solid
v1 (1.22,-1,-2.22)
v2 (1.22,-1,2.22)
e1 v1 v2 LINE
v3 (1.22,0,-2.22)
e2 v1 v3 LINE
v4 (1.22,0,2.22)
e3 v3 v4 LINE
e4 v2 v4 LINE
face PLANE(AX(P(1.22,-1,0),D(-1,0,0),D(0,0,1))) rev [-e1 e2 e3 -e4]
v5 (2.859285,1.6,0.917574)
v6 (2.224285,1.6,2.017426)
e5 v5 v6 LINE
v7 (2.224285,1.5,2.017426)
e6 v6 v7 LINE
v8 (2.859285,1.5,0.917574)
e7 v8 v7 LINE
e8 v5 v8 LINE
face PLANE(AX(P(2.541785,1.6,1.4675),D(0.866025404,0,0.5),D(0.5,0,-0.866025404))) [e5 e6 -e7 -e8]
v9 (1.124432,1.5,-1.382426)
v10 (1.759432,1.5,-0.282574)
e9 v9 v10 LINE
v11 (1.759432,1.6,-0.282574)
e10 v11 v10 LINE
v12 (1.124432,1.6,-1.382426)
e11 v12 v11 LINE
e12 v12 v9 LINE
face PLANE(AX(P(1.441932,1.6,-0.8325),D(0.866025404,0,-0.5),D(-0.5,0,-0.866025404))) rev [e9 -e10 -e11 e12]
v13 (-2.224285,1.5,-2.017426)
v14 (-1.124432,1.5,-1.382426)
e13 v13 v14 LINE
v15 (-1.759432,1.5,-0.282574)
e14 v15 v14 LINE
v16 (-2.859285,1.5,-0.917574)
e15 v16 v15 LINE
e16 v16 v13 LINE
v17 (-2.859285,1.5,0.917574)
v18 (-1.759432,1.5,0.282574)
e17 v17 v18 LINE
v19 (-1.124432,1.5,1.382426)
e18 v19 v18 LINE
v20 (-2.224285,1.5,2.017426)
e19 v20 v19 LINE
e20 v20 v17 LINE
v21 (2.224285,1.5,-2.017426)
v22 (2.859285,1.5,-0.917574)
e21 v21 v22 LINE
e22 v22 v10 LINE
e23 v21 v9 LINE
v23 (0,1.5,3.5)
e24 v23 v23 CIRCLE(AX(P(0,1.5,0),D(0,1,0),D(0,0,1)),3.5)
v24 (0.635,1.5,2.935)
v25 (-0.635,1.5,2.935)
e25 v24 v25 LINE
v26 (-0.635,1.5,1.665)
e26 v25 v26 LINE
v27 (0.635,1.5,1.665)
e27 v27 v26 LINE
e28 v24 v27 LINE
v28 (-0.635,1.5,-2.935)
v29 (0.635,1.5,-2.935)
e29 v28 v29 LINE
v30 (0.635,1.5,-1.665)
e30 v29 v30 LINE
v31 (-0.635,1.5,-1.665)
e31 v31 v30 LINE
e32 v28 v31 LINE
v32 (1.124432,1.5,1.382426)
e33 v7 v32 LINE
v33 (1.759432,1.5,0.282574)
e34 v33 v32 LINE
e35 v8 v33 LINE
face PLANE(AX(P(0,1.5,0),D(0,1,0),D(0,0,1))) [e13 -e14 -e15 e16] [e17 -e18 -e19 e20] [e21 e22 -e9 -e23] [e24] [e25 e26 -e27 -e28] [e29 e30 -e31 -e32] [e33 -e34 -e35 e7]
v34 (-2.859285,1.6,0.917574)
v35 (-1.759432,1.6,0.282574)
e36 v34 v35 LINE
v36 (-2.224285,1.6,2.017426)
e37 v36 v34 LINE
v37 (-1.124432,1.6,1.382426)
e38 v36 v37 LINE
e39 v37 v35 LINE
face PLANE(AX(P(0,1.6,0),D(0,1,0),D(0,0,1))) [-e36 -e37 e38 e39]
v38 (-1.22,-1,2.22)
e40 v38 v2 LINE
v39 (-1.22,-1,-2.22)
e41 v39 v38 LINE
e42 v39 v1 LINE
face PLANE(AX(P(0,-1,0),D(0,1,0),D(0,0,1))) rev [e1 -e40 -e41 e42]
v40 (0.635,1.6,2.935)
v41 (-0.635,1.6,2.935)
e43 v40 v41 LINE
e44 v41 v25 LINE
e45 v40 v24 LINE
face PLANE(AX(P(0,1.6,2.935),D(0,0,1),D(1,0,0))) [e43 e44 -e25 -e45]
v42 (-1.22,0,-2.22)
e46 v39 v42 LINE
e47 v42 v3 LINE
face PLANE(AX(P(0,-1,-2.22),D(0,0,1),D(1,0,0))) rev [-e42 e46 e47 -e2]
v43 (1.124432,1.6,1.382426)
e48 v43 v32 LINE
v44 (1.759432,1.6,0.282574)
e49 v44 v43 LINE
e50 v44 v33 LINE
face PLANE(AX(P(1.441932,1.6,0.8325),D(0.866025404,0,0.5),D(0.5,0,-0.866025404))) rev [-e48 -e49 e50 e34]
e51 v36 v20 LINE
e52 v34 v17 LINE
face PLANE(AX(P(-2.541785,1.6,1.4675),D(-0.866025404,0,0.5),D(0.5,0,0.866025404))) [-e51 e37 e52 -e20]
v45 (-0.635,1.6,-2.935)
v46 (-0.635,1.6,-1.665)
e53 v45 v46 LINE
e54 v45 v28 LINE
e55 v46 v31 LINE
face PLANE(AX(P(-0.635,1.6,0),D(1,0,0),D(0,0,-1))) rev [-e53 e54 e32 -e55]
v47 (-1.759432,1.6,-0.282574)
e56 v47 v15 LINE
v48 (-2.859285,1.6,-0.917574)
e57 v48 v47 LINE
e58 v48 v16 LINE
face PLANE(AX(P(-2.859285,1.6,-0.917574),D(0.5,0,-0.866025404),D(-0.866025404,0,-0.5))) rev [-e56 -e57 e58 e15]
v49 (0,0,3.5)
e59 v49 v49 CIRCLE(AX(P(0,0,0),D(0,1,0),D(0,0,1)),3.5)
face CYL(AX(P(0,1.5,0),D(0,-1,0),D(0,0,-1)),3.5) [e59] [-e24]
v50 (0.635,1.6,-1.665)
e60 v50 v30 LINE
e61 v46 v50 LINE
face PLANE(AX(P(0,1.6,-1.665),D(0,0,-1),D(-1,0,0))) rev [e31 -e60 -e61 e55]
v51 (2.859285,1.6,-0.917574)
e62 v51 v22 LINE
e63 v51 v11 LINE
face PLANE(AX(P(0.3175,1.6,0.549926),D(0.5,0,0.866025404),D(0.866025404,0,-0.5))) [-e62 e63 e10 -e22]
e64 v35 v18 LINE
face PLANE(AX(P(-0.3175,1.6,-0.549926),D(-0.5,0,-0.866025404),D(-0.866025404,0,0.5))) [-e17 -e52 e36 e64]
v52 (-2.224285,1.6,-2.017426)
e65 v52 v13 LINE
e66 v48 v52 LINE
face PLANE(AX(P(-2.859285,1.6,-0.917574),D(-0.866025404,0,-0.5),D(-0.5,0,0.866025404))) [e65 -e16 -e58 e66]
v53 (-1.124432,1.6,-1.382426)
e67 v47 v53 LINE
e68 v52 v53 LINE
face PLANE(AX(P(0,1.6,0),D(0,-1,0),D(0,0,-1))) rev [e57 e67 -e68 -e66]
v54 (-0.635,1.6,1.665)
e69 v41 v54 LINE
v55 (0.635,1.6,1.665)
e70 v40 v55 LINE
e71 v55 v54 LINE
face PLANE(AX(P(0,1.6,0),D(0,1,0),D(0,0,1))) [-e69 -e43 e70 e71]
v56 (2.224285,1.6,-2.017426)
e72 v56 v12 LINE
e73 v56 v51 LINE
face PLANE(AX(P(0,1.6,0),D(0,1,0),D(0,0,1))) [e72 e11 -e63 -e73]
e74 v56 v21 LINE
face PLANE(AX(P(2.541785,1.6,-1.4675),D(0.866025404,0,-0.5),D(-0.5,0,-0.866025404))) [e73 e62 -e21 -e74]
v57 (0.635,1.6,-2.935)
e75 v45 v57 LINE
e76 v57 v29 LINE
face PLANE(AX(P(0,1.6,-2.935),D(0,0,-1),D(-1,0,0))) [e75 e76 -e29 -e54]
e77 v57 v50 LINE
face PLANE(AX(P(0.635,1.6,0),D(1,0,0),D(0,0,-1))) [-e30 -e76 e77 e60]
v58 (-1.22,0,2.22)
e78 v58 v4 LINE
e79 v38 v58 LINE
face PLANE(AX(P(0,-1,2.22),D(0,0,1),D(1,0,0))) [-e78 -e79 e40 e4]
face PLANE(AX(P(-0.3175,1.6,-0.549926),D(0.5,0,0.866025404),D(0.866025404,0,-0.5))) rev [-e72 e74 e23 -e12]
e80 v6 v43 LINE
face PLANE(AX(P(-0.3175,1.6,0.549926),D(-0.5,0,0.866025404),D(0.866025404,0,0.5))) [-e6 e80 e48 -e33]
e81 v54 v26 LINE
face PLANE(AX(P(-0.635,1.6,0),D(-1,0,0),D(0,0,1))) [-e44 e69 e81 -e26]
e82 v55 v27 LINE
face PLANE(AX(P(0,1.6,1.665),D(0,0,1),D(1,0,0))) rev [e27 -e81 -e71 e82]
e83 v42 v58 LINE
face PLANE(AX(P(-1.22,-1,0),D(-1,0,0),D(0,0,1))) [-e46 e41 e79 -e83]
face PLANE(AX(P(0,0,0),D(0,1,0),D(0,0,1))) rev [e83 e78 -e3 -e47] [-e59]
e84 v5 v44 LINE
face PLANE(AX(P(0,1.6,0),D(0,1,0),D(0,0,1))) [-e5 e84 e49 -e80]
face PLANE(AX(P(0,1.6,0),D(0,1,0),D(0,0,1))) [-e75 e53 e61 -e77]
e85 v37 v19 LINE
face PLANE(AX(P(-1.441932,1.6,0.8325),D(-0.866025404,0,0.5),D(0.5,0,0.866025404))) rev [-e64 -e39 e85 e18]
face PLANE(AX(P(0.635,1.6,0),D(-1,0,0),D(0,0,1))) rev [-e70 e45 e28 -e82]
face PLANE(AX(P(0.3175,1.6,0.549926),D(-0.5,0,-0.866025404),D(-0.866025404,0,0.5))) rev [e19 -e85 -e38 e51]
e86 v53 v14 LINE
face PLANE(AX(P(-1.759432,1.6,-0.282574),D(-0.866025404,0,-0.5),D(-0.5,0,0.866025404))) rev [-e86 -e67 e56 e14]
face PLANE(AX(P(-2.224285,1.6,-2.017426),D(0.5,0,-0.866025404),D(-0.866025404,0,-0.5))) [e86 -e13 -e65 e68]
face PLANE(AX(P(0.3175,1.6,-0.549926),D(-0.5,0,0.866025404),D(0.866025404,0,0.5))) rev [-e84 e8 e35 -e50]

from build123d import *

# Parameters (mm, degrees)
SKETCH1_R           = 3.5
BOSS_EXTRUDE1_DEPTH = 1.5
SKETCH1_3_W         = 2.44
SKETCH1_3_H         = 4.44
BOSS_EXTRUDE2_DEPTH = 1
SKETCH2_W           = 1.27
SKETCH2_H           = 1.27
BOSS_EXTRUDE3_DEPTH = 0.1


with BuildPart() as part:
    # Sketch1 → Boss-Extrude1 (new body)
    with BuildSketch(Plane(origin=(0, 0, 0), x_dir=(1, 0, 0), z_dir=(0, 1, 0))):
        Circle(SKETCH1_R)
    extrude(amount=BOSS_EXTRUDE1_DEPTH)

    # Sketch1<3> → Boss-Extrude2 (add)
    with BuildSketch(Plane(origin=(0, 0, 0), x_dir=(1, 0, 0), z_dir=(0, 1, 0))):
        Rectangle(SKETCH1_3_W, SKETCH1_3_H)
    extrude(amount=-BOSS_EXTRUDE2_DEPTH)

    # Sketch2 → Boss-Extrude3 (add)
    with BuildSketch(Plane(origin=(0, 1.5, 0), x_dir=(1, 0, 0), z_dir=(0, 1, 0))):
        with Locations((0, 2.3)):
            Rectangle(SKETCH2_W, SKETCH2_H)
        Polygon((2.85928456, 0.917573869), (2.22428456, 2.017426131), (1.124432297, 1.382426131), (1.759432297, 0.282573869), align=None)
        Polygon((2.22428456, -2.017426131), (2.85928456, -0.917573869), (1.759432297, -0.282573869), (1.124432297, -1.382426131), align=None)
        with Locations((0, -2.3)):
            Rectangle(SKETCH2_W, SKETCH2_H)
        Polygon((-2.85928456, -0.917573869), (-2.22428456, -2.017426131), (-1.124432297, -1.382426131), (-1.759432297, -0.282573869), align=None)
        Polygon((-2.22428456, 2.017426131), (-2.85928456, 0.917573869), (-1.759432297, 0.282573869), (-1.124432297, 1.382426131), align=None)
    extrude(amount=BOSS_EXTRUDE3_DEPTH)


solid = part.part
